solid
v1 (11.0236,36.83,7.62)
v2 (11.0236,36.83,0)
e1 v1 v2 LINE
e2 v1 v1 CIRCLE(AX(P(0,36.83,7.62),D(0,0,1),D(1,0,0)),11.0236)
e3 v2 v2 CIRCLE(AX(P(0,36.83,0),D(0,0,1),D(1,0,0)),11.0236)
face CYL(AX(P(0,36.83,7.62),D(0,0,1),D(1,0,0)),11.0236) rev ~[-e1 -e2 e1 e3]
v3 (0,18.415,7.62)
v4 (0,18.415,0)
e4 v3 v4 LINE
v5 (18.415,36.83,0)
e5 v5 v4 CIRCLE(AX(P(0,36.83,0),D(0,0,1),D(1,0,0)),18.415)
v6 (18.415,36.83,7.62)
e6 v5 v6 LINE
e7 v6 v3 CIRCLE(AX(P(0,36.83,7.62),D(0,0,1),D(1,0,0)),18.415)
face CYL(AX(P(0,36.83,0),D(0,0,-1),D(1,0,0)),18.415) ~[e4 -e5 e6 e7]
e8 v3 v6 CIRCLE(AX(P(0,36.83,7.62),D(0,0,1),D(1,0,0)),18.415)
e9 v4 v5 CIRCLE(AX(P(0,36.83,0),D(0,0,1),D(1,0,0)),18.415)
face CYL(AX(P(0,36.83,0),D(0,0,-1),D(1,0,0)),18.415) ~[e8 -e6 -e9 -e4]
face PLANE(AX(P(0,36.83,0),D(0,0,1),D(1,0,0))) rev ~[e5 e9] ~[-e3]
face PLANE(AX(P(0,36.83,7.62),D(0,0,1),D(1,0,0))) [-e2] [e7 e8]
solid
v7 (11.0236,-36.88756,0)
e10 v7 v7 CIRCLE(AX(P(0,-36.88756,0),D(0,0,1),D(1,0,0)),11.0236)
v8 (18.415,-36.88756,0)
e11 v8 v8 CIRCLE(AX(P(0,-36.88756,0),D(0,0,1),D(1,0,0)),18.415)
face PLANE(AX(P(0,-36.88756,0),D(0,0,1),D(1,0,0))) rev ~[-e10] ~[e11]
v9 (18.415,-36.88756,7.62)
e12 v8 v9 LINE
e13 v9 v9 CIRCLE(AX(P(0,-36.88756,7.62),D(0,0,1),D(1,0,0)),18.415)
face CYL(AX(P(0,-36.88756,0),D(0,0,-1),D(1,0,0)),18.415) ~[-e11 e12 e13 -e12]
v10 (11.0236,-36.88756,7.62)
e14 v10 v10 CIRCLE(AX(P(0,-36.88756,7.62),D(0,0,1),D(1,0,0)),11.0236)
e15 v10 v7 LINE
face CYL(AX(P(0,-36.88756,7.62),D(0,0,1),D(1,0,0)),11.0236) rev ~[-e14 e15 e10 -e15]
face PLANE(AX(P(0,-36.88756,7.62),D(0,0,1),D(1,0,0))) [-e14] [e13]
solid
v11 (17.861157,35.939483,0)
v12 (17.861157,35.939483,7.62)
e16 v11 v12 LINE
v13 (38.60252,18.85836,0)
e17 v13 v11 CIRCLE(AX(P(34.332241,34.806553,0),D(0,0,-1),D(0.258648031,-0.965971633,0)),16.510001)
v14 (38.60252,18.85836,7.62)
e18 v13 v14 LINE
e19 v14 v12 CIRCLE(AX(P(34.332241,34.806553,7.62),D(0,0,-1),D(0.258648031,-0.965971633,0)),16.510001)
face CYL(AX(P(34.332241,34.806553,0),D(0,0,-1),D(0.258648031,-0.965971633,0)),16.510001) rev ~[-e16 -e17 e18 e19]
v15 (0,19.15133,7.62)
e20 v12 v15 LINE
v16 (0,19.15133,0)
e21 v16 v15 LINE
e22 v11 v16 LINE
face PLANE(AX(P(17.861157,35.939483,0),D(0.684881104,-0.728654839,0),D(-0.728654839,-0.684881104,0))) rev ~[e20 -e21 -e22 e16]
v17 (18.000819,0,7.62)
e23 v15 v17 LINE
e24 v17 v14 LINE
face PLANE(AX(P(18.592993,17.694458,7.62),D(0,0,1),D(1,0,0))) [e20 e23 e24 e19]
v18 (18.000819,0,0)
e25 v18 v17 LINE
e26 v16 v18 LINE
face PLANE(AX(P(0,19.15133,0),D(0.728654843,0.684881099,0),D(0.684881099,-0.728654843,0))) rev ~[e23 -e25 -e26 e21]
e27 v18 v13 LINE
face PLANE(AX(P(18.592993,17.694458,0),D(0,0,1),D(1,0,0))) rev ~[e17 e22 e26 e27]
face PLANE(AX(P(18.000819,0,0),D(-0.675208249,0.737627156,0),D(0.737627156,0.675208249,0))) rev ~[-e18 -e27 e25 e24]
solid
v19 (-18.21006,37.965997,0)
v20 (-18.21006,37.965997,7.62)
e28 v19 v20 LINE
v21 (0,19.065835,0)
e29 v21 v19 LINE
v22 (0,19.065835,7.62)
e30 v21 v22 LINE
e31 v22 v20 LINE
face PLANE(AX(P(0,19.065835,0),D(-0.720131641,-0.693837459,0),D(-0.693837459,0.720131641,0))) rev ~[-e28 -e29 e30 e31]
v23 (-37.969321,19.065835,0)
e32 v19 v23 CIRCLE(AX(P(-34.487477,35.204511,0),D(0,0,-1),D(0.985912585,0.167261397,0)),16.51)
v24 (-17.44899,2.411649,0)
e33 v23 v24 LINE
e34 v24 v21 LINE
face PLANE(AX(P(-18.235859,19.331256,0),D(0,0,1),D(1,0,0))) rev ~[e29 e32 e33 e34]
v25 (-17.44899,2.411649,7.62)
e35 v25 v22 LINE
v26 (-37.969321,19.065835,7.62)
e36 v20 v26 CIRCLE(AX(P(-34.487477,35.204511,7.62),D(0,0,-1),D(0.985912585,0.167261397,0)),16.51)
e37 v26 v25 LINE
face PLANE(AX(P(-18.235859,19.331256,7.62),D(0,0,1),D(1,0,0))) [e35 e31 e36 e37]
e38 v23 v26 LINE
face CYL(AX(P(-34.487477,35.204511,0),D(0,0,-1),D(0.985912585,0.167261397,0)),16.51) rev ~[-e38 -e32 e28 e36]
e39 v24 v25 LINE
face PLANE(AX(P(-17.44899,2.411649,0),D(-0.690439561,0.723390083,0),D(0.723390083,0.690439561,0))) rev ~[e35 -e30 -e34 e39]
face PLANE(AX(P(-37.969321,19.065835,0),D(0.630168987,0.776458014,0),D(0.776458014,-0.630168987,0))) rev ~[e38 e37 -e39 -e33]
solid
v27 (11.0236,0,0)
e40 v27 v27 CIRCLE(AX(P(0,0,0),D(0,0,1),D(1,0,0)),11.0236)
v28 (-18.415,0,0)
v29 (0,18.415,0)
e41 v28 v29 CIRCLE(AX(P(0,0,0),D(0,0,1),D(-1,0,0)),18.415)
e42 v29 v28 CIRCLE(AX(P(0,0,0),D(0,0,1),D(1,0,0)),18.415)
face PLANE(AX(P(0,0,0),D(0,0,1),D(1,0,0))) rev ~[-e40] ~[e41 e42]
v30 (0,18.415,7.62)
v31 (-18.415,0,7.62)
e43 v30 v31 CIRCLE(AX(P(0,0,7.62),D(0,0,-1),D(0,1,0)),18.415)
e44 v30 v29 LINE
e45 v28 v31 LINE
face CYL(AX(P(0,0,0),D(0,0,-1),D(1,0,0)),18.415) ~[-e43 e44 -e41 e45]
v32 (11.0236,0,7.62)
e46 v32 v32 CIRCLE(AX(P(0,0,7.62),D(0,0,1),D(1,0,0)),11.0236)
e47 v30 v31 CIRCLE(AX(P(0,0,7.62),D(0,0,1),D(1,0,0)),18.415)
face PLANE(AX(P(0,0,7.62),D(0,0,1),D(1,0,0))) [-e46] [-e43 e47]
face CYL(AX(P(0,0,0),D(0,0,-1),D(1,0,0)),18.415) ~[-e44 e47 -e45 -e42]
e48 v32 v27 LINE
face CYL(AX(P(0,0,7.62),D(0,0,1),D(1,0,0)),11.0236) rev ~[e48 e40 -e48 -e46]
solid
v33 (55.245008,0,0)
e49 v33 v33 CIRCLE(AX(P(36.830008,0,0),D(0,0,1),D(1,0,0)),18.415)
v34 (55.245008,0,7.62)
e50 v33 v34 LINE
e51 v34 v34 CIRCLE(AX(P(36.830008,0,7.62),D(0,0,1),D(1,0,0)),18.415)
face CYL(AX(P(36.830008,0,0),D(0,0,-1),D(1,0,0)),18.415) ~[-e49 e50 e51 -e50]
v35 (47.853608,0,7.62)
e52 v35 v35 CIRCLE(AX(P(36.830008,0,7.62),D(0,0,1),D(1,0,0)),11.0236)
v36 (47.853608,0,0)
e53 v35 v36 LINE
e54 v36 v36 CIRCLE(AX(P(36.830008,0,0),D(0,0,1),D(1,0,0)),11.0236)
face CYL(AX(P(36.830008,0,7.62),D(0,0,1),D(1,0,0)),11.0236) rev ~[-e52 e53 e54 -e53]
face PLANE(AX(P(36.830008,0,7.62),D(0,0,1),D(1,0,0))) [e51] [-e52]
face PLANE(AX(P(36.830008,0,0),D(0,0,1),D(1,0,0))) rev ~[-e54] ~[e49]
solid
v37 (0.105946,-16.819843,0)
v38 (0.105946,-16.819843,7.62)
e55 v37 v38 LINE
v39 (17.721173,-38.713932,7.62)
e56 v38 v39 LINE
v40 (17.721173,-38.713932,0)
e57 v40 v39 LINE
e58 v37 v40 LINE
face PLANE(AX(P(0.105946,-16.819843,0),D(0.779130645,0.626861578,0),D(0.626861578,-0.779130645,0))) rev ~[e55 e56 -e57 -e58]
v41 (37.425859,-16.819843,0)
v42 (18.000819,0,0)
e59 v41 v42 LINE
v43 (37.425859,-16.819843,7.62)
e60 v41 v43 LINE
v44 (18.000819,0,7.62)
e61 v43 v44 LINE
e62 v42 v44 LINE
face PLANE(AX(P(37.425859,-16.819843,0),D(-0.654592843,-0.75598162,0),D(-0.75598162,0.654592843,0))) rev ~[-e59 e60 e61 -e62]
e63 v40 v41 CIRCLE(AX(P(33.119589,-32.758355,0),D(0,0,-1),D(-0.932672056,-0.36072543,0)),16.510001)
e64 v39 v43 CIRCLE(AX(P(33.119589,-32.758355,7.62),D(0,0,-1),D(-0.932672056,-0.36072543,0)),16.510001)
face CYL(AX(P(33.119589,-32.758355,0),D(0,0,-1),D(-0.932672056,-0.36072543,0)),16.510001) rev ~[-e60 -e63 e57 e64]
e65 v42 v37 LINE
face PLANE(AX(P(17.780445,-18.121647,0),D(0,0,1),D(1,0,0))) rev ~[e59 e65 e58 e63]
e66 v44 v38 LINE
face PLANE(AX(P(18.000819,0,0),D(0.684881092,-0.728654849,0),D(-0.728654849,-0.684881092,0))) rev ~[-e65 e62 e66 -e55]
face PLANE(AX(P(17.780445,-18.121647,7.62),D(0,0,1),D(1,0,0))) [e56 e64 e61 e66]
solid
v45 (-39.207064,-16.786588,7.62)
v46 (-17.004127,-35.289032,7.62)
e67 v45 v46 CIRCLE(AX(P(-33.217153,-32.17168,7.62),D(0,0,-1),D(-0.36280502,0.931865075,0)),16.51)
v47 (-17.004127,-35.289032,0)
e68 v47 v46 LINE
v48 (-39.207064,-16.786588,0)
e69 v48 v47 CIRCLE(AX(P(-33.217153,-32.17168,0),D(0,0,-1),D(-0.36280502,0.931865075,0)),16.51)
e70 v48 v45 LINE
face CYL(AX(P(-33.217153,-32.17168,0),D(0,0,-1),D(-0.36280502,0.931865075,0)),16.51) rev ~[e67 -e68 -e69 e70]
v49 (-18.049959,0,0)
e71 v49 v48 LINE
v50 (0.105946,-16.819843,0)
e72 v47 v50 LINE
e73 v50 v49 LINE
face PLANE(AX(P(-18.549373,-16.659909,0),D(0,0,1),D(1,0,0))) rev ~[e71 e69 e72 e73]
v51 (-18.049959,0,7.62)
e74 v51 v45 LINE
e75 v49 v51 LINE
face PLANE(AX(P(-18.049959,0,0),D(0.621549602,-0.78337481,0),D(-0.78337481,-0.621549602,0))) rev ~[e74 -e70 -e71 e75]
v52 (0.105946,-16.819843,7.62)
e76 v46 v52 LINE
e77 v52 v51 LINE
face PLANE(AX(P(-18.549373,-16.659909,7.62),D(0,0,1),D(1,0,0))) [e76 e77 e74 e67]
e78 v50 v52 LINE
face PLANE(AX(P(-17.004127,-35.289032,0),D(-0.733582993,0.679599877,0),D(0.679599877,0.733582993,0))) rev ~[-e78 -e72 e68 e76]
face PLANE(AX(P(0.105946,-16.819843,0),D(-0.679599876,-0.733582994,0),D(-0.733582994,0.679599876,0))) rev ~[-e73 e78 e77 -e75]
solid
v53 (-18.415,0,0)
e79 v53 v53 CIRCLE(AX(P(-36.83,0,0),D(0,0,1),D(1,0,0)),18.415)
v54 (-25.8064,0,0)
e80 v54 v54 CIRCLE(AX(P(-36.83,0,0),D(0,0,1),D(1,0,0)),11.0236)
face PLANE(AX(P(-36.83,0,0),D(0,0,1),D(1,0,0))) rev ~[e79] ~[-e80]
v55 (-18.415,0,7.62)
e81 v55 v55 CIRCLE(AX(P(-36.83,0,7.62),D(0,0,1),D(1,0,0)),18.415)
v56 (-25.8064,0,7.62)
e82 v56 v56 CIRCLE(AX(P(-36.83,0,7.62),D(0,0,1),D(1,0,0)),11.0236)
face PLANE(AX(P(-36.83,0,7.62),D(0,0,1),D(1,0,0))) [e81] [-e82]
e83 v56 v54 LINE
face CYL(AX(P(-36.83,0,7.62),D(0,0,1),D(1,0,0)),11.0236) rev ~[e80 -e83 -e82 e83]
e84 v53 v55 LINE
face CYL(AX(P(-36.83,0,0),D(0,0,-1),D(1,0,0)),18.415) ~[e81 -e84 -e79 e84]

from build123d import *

# Parameters (mm, degrees)
F0_R      = 18.415
F1_DEPTH  = 7.62
F2_R      = 11.0236
F3_DEPTH  = 25.4
F4_R      = 18.415
F5_DEPTH  = 7.62
F6_R      = 18.415
F7_DEPTH  = 7.62
F9_DEPTH  = 7.62
F11_DEPTH = 7.62
F12_R     = 11.0236
F13_DEPTH = 25.4
F14_R     = 11.0236
F15_DEPTH = 25.4
F16_R     = 11.0236
F17_DEPTH = 25.4
F18_R     = 11.0236
F19_DEPTH = 25.4


with BuildPart() as f1:
    # F0 (on Top) → F1 (new body)
    with BuildSketch(Plane.XY):
        Circle(F0_R)
    extrude(amount=F1_DEPTH)

    # F2 (on face) → F3 (cut)
    with BuildSketch(Plane.XY.offset(7.62)):
        Circle(F2_R)
    extrude(amount=-F3_DEPTH, mode=Mode.SUBTRACT)

    # F4 (on Top) → F5 (join)
    with BuildSketch(Plane.XY):
        with Locations((0, 36.83)):
            Circle(F4_R)
    extrude(amount=F5_DEPTH)

    # F6 (on Top) → F7 (join)
    with BuildSketch(Plane.XY):
        with Locations((-36.83, 0)):
            Circle(F6_R)
        with Locations((36.830008, 0)):
            Circle(F6_R)
        with Locations((0, -36.88756)):
            Circle(F6_R)
    extrude(amount=F7_DEPTH)

    # F12 (on face) → F13 (cut)
    with BuildSketch(Plane.XY.offset(7.62)):
        with Locations((0, 36.83)):
            Circle(F12_R)
    extrude(amount=-F13_DEPTH, mode=Mode.SUBTRACT)

    # F14 (on face) → F15 (cut)
    with BuildSketch(Plane.XY.offset(7.62)):
        with Locations((-36.83, 0)):
            Circle(F14_R)
    extrude(amount=-F15_DEPTH, mode=Mode.SUBTRACT)

    # F16 (on face) → F17 (cut)
    with BuildSketch(Plane.XY.offset(7.62)):
        with Locations((0, -36.88756)):
            Circle(F16_R)
    extrude(amount=-F17_DEPTH, mode=Mode.SUBTRACT)

    # F18 (on face) → F19 (cut)
    with BuildSketch(Plane.XY.offset(7.62)):
        with Locations((36.830008, 0)):
            Circle(F18_R)
    extrude(amount=-F19_DEPTH, mode=Mode.SUBTRACT)


with BuildPart() as f9:
    # F8 (on Top) → F9 (new body)
    with BuildSketch(Plane.XY):
        with BuildLine():
            ThreePointArc((-18.21006, 37.965997), (-23.075391, 23.273694), (-37.969321, 19.065835))
            Line((-37.969321, 19.065835), (-17.44899, 2.411649))
            Line((-17.44899, 2.411649), (0, 19.065835))
            Line((0, 19.065835), (-18.21006, 37.965997))
        make_face()
    extrude(amount=F9_DEPTH)


with BuildPart() as f11:
    # F10 (on Top) → F11 (new body)
    with BuildSketch(Plane.XY):
        with BuildLine():
            Line((-17.004127, -35.289032), (0.105946, -16.819843))
            Line((0.105946, -16.819843), (-18.049959, 0))
            Line((-18.049959, 0), (-39.207064, -16.786588))
            ThreePointArc((-39.207064, -16.786588), (-22.64771, -19.488346), (-17.004127, -35.289032))
        make_face()
        with BuildLine():
            Line((37.425859, -16.819843), (18.000819, 0))
            Line((18.000819, 0), (0.105946, -16.819843))
            Line((0.105946, -16.819843), (17.721173, -38.713932))
            ThreePointArc((17.721173, -38.713932), (20.847804, -21.713745), (37.425859, -16.819843))
        make_face()
        with BuildLine():
            ThreePointArc((38.60252, 18.85836), (23.836713, 22.061984), (17.861157, 35.939483))
            Line((17.861157, 35.939483), (0, 19.15133))
            Line((0, 19.15133), (18.000819, 0))
            Line((18.000819, 0), (38.60252, 18.85836))
        make_face()
    extrude(amount=F11_DEPTH)


solid = Compound([f1.part, f9.part, f11.part])
